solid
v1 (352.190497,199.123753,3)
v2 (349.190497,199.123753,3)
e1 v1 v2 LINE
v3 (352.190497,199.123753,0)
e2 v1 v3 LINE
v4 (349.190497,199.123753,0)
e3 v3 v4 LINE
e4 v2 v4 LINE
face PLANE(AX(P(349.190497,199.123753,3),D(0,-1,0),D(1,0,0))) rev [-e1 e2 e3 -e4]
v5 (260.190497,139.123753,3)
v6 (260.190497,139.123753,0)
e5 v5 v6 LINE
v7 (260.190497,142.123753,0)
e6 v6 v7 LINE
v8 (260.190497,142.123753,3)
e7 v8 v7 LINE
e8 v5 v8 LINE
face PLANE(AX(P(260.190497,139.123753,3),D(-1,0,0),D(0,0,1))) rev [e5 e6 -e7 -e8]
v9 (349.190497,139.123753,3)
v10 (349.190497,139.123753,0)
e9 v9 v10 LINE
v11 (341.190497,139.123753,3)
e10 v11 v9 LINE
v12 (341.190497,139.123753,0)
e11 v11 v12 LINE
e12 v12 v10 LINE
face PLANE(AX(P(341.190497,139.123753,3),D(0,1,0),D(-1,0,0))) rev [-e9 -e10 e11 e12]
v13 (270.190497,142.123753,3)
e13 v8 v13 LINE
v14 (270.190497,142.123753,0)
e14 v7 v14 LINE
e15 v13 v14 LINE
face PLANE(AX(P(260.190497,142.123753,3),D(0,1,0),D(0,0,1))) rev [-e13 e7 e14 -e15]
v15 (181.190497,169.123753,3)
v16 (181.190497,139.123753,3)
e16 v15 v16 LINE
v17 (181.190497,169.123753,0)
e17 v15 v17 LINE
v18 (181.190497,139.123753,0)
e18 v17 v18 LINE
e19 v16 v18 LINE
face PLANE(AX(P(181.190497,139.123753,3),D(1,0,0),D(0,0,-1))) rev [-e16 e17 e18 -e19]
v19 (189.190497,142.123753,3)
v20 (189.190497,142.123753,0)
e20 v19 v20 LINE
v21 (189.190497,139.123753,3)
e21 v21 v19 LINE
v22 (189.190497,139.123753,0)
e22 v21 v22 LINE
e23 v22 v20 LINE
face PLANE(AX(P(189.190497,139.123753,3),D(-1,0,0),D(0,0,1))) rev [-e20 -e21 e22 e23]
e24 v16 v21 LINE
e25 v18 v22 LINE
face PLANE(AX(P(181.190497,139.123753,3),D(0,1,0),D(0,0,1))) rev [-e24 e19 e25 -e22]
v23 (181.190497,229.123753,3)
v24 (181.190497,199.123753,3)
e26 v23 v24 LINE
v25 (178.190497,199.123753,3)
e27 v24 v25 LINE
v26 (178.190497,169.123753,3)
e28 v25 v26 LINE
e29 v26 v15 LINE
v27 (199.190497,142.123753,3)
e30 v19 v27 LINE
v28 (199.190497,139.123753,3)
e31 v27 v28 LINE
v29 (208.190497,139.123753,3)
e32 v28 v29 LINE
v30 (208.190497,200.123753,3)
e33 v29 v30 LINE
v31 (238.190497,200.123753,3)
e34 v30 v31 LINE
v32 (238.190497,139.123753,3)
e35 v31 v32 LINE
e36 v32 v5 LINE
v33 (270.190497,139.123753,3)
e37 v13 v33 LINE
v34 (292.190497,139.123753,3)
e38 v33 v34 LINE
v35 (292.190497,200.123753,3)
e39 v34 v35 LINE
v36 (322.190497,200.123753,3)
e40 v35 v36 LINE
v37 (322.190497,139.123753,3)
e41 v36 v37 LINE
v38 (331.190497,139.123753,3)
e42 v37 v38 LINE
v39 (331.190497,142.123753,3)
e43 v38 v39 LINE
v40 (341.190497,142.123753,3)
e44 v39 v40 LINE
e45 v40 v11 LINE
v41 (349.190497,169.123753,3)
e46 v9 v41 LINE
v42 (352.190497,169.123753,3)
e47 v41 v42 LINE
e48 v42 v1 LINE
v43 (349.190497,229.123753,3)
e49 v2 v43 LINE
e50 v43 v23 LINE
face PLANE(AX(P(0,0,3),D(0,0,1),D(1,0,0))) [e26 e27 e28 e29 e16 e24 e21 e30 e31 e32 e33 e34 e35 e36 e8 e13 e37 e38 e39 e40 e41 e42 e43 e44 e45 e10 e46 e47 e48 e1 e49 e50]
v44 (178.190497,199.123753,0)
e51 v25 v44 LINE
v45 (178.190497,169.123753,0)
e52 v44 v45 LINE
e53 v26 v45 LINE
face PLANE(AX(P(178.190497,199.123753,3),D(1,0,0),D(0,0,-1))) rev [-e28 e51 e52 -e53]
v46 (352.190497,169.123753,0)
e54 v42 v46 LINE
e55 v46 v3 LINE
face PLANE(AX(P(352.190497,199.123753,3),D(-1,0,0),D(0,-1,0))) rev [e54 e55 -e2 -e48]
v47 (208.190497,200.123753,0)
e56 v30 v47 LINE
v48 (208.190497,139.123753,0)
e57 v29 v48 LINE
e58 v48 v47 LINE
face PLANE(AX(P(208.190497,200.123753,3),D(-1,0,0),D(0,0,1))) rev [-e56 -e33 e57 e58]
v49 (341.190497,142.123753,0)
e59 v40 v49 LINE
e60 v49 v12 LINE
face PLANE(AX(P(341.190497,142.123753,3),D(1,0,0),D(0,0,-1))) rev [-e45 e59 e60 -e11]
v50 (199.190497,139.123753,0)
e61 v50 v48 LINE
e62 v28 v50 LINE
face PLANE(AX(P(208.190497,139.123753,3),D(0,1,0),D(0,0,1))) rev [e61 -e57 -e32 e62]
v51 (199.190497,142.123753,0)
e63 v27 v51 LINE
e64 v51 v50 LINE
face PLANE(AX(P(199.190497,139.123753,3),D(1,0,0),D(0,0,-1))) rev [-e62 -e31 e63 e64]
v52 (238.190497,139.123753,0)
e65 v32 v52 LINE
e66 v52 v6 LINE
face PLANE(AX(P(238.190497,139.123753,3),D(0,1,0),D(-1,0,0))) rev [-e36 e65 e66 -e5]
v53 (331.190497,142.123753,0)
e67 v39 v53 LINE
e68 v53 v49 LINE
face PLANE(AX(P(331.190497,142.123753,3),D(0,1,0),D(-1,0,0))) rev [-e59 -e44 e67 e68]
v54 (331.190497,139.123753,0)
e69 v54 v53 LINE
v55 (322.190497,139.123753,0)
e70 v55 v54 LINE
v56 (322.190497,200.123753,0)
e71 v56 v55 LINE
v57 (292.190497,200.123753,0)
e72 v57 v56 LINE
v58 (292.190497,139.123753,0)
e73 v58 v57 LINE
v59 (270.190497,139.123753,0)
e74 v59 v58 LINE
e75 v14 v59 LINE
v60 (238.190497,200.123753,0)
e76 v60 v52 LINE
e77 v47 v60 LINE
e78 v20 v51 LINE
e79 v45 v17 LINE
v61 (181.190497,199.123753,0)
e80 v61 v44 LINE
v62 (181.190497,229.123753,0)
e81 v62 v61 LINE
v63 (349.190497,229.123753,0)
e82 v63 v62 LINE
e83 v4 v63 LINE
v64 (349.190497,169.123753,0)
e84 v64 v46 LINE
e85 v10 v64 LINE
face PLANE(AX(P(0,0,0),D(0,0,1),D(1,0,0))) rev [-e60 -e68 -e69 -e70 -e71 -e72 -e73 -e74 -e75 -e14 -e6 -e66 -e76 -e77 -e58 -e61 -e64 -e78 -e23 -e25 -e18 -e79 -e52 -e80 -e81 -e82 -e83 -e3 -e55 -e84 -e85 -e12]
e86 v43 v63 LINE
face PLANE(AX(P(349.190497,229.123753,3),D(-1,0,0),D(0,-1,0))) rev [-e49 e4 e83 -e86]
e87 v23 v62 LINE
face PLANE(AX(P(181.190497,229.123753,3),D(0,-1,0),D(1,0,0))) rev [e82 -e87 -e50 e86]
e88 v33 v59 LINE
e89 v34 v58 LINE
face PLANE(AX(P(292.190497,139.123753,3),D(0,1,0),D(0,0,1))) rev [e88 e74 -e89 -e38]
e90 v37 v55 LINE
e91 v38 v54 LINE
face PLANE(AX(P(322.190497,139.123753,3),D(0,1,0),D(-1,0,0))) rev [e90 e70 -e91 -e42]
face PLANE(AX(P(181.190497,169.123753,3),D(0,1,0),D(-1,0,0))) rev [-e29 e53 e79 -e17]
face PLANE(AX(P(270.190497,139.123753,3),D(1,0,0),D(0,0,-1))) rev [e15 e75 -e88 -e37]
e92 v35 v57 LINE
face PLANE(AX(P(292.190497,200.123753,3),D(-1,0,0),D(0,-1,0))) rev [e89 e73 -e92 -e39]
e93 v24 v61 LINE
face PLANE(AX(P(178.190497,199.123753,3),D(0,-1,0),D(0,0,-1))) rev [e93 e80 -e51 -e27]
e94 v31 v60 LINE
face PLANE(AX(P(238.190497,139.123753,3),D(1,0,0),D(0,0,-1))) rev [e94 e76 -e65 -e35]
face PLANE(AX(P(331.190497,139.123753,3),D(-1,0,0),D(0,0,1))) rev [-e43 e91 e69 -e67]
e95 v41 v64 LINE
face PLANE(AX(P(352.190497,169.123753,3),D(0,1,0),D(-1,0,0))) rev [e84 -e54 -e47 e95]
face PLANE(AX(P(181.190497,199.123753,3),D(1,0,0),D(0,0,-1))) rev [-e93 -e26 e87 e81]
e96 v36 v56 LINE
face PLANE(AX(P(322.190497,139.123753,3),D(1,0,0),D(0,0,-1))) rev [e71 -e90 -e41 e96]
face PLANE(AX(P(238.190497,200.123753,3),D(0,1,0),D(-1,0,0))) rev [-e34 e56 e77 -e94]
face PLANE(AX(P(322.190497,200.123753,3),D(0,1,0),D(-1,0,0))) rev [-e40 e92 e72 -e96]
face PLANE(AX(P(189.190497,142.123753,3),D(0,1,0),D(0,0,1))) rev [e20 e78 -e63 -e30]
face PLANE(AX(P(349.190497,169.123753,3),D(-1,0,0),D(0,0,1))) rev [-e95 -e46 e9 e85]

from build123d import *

# Parameters (mm, degrees)
BOSS_EXTRUDE1_DEPTH = 3


with BuildPart() as part:
    # Model → Boss-Extrude1 (new body)
    with BuildSketch(Plane.XY):
        Polygon((178.190497344, 199.123752973), (178.190497344, 169.123752973), (181.190497344, 169.123752973), (181.190497344, 139.123752973), (189.190497344, 139.123752973), (189.190497344, 142.123752973), (199.190497344, 142.123752973), (199.190497344, 139.123752973), (208.190497344, 139.123752973), (208.190497344, 200.123752973), (238.190497344, 200.123752973), (238.190497344, 139.123752973), (260.190497344, 139.123752973), (260.190497344, 142.123752973), (270.190497344, 142.123752973), (270.190497344, 139.123752973), (292.190497344, 139.123752973), (292.190497344, 200.123752973), (322.190497344, 200.123752973), (322.190497344, 139.123752973), (331.190497344, 139.123752973), (331.190497344, 142.123752973), (341.190497344, 142.123752973), (341.190497344, 139.123752973), (349.190497344, 139.123752973), (349.190497344, 169.123752973), (352.190497344, 169.123752973), (352.190497344, 199.123752973), (349.190497344, 199.123752973), (349.190497344, 229.123752973), (181.190497344, 229.123752973), (181.190497344, 199.123752973), align=None)
    extrude(amount=BOSS_EXTRUDE1_DEPTH)


solid = part.part
